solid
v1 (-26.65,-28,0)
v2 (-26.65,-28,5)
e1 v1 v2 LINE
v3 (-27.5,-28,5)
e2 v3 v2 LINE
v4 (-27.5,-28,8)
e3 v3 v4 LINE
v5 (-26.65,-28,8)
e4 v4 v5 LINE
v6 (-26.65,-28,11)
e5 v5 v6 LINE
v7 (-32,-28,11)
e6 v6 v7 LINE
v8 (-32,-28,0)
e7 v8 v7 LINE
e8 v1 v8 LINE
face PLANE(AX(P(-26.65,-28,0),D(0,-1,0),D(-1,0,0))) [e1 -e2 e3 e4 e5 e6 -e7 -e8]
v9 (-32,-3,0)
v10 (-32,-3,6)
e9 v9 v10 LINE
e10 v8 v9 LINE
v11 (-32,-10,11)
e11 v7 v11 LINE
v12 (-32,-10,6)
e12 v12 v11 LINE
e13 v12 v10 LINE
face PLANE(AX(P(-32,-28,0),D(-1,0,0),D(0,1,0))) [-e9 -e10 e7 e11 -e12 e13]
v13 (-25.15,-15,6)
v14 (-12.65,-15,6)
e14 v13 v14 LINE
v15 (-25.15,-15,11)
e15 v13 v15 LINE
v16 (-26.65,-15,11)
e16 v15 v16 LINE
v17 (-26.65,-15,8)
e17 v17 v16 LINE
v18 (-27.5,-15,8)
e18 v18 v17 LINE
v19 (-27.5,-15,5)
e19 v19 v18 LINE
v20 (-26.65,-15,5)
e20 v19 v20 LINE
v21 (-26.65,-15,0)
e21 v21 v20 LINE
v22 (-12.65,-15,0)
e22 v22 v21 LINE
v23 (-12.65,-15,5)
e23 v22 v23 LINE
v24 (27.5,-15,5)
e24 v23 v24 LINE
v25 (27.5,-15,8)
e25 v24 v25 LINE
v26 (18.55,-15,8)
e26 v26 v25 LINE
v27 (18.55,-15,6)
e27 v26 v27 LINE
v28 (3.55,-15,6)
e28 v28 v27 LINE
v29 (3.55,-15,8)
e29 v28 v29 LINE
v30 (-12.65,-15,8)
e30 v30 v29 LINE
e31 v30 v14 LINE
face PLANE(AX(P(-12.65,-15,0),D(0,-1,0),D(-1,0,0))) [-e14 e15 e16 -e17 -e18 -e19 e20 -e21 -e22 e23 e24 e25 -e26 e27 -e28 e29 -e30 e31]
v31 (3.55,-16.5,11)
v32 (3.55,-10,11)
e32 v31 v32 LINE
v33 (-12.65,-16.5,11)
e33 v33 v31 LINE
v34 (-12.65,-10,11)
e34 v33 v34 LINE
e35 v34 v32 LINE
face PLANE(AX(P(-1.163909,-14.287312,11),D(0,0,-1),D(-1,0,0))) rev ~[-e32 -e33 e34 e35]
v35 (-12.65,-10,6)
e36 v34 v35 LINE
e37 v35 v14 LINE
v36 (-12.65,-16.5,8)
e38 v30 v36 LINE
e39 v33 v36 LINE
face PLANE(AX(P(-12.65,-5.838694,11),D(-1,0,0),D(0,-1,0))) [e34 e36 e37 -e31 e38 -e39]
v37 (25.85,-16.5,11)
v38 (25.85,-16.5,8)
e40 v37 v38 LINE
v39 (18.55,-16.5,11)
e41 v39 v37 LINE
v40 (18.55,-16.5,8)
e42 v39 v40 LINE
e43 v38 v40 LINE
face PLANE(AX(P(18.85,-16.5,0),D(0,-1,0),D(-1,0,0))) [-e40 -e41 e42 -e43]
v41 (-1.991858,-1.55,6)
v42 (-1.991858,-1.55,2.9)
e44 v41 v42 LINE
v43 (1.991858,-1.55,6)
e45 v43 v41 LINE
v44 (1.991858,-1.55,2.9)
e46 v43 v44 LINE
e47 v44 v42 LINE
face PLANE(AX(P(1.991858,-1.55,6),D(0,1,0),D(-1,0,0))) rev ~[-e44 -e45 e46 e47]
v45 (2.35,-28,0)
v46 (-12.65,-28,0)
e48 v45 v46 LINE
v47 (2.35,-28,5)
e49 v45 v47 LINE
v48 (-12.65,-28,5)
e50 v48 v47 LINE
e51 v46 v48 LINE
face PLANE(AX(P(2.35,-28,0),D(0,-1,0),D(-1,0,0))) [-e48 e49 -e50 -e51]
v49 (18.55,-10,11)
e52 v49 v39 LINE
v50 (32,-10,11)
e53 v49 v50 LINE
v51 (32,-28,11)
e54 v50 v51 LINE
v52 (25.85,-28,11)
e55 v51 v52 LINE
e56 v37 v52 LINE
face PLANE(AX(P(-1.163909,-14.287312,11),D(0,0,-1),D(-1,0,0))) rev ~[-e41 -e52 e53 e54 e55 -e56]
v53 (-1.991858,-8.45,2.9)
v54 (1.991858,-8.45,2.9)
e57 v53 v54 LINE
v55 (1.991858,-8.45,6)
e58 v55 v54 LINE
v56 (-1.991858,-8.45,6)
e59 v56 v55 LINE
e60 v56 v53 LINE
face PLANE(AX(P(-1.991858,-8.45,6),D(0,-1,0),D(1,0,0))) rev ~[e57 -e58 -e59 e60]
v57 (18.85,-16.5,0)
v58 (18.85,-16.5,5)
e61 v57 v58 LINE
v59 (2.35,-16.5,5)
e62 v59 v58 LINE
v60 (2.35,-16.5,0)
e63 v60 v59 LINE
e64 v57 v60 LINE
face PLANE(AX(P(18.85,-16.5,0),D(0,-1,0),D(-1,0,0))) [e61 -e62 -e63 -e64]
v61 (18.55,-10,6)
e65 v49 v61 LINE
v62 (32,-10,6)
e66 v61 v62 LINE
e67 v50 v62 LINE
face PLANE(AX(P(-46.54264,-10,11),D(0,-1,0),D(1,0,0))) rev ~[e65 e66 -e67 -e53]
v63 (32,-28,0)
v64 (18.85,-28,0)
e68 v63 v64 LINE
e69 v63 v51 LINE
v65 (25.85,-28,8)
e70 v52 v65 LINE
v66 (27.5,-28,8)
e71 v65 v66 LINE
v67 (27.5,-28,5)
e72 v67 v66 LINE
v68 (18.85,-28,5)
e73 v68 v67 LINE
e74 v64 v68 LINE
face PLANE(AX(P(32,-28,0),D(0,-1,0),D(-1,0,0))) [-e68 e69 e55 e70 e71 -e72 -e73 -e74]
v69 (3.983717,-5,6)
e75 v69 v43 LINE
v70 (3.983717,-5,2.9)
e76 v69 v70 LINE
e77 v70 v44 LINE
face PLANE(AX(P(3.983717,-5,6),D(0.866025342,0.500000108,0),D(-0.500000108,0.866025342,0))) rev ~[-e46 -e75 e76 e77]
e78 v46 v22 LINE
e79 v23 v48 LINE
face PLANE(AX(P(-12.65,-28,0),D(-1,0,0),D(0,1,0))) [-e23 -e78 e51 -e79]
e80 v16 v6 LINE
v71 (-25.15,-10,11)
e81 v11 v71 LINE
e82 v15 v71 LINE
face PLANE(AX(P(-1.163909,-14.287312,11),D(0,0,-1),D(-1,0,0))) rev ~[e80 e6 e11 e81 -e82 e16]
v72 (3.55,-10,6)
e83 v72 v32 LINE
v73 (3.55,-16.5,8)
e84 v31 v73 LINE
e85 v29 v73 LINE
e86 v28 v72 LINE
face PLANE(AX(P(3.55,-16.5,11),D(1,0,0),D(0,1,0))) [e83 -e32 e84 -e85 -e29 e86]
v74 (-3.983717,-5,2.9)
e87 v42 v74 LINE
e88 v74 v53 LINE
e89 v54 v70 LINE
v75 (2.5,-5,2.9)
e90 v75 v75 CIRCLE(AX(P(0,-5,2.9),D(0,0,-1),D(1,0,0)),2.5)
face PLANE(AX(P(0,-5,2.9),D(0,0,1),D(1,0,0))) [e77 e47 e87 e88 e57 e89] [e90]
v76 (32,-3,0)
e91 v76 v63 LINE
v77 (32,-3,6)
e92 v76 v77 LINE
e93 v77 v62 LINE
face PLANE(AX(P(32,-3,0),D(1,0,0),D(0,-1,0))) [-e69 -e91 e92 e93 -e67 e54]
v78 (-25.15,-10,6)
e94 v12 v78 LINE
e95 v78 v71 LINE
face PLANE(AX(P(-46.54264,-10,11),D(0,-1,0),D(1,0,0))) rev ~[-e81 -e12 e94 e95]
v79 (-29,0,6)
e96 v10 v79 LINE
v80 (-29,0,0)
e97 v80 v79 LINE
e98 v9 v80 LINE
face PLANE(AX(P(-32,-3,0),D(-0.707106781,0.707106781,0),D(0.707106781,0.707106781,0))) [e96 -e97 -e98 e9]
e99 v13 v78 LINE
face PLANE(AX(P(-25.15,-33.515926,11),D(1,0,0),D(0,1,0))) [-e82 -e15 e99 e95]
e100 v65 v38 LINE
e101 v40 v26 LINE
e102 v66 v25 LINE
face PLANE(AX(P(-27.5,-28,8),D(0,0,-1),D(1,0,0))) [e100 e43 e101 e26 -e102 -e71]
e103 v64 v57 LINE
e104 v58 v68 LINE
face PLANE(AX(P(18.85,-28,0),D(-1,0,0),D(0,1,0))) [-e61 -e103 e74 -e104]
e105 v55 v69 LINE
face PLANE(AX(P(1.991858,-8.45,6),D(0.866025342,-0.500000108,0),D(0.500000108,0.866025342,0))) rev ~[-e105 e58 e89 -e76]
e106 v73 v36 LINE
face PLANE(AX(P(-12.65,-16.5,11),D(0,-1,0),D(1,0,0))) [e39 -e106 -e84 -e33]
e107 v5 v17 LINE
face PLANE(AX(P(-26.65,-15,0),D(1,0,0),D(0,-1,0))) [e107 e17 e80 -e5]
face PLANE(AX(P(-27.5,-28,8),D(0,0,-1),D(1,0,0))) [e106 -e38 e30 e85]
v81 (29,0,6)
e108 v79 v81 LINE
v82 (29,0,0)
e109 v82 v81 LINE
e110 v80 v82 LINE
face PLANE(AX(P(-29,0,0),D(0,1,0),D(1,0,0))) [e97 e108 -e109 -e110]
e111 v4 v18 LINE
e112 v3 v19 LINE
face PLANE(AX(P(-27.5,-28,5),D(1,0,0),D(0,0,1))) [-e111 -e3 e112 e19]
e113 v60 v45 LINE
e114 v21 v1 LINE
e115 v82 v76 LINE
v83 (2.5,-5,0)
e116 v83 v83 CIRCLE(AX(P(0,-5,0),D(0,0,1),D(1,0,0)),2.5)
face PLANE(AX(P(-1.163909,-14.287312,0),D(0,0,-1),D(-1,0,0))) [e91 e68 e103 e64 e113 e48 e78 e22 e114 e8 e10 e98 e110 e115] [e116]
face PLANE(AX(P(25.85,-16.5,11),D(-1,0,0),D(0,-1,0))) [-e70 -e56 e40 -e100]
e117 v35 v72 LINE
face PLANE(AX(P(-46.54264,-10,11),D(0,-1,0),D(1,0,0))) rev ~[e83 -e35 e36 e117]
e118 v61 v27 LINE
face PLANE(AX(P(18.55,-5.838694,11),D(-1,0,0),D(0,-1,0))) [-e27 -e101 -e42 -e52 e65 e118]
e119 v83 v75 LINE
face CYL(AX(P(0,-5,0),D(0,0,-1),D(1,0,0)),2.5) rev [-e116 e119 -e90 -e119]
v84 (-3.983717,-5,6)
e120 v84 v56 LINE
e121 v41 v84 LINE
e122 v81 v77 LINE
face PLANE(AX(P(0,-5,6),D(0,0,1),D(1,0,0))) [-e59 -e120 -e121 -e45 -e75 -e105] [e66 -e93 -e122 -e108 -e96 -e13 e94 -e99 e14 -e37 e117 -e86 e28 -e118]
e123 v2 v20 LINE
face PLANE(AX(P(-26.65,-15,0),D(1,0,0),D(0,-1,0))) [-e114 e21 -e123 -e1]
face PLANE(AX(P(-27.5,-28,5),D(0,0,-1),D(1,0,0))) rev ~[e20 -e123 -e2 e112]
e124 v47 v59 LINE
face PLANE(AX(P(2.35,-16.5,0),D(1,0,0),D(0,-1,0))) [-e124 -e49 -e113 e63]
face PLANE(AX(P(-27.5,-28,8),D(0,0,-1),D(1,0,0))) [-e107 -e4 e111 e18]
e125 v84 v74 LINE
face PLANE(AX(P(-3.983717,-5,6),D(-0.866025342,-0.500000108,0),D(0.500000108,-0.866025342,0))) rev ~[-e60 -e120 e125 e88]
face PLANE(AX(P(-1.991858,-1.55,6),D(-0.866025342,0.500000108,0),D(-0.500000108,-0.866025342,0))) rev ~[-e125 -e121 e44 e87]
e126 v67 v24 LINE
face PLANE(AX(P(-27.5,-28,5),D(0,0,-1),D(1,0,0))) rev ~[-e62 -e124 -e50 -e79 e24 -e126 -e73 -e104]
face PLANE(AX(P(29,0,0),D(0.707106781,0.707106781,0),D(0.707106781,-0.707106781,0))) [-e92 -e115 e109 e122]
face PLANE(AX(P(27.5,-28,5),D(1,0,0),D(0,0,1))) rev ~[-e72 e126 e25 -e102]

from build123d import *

# Parameters (mm, degrees)
SKETCH_R        = 2.5
PAD_DEPTH       = 11
SKETCH001_W     = 93.08528
SKETCH001_H     = 10
POCKET_DEPTH    = 5
SKETCH002_W     = 55
SKETCH002_H     = 3
POCKET001_DEPTH = 13
POCKET002_DEPTH = 3.1
POCKET003_DEPTH = 5


with BuildPart() as part:
    # Sketch → Pad (new body)
    with BuildSketch(Plane.XY):
        Polygon((-29, 0), (29, 0), (32, -3), (32, -28), (18.85, -28), (18.85, -16.5), (2.35, -16.5), (2.35, -28), (-12.65, -28), (-12.65, -15), (-26.65, -15), (-26.65, -28), (-32, -28), (-32, -3), align=None)
        with Locations((0, -5)):
            Circle(SKETCH_R, mode=Mode.SUBTRACT)
    extrude(amount=PAD_DEPTH)

    # Sketch001 (on Face17 of Pad) → Pocket (cut)
    with BuildSketch(Plane.XY.offset(11)):
        with Locations((0, -5)):
            Rectangle(SKETCH001_W, SKETCH001_H)
    extrude(amount=-POCKET_DEPTH, mode=Mode.SUBTRACT)

    # Sketch002 (on Face11 of Pocket) → Pocket001 (cut)
    with BuildSketch(Plane.XZ.offset(28)):
        with Locations((0, 6.5)):
            Rectangle(SKETCH002_W, SKETCH002_H)
    extrude(amount=-POCKET001_DEPTH, mode=Mode.SUBTRACT)

    # Sketch003 (on Face4 of Pocket001) → Pocket002 (cut)
    with BuildSketch(Plane.XY.offset(6)):
        Polygon((3.983717, -5), (1.991858, -1.55), (-1.991858, -1.55), (-3.983717, -5), (-1.991858, -8.45), (1.991858, -8.45), align=None)
    extrude(amount=-POCKET002_DEPTH, mode=Mode.SUBTRACT)

    # Sketch004 (on Face25 of Pocket002) → Pocket003 (cut)
    with BuildSketch(Plane.XY.offset(11)):
        Polygon((-25.15, -5.838694), (-12.65, -5.838694), (-12.65, -16.5), (3.55, -16.5), (3.55, -5.838694), (18.55, -5.838694), (18.55, -16.5), (25.85, -16.5), (25.85, -33.515926), (-25.15, -33.515926), align=None)
    extrude(amount=-POCKET003_DEPTH, mode=Mode.SUBTRACT)


solid = part.part
